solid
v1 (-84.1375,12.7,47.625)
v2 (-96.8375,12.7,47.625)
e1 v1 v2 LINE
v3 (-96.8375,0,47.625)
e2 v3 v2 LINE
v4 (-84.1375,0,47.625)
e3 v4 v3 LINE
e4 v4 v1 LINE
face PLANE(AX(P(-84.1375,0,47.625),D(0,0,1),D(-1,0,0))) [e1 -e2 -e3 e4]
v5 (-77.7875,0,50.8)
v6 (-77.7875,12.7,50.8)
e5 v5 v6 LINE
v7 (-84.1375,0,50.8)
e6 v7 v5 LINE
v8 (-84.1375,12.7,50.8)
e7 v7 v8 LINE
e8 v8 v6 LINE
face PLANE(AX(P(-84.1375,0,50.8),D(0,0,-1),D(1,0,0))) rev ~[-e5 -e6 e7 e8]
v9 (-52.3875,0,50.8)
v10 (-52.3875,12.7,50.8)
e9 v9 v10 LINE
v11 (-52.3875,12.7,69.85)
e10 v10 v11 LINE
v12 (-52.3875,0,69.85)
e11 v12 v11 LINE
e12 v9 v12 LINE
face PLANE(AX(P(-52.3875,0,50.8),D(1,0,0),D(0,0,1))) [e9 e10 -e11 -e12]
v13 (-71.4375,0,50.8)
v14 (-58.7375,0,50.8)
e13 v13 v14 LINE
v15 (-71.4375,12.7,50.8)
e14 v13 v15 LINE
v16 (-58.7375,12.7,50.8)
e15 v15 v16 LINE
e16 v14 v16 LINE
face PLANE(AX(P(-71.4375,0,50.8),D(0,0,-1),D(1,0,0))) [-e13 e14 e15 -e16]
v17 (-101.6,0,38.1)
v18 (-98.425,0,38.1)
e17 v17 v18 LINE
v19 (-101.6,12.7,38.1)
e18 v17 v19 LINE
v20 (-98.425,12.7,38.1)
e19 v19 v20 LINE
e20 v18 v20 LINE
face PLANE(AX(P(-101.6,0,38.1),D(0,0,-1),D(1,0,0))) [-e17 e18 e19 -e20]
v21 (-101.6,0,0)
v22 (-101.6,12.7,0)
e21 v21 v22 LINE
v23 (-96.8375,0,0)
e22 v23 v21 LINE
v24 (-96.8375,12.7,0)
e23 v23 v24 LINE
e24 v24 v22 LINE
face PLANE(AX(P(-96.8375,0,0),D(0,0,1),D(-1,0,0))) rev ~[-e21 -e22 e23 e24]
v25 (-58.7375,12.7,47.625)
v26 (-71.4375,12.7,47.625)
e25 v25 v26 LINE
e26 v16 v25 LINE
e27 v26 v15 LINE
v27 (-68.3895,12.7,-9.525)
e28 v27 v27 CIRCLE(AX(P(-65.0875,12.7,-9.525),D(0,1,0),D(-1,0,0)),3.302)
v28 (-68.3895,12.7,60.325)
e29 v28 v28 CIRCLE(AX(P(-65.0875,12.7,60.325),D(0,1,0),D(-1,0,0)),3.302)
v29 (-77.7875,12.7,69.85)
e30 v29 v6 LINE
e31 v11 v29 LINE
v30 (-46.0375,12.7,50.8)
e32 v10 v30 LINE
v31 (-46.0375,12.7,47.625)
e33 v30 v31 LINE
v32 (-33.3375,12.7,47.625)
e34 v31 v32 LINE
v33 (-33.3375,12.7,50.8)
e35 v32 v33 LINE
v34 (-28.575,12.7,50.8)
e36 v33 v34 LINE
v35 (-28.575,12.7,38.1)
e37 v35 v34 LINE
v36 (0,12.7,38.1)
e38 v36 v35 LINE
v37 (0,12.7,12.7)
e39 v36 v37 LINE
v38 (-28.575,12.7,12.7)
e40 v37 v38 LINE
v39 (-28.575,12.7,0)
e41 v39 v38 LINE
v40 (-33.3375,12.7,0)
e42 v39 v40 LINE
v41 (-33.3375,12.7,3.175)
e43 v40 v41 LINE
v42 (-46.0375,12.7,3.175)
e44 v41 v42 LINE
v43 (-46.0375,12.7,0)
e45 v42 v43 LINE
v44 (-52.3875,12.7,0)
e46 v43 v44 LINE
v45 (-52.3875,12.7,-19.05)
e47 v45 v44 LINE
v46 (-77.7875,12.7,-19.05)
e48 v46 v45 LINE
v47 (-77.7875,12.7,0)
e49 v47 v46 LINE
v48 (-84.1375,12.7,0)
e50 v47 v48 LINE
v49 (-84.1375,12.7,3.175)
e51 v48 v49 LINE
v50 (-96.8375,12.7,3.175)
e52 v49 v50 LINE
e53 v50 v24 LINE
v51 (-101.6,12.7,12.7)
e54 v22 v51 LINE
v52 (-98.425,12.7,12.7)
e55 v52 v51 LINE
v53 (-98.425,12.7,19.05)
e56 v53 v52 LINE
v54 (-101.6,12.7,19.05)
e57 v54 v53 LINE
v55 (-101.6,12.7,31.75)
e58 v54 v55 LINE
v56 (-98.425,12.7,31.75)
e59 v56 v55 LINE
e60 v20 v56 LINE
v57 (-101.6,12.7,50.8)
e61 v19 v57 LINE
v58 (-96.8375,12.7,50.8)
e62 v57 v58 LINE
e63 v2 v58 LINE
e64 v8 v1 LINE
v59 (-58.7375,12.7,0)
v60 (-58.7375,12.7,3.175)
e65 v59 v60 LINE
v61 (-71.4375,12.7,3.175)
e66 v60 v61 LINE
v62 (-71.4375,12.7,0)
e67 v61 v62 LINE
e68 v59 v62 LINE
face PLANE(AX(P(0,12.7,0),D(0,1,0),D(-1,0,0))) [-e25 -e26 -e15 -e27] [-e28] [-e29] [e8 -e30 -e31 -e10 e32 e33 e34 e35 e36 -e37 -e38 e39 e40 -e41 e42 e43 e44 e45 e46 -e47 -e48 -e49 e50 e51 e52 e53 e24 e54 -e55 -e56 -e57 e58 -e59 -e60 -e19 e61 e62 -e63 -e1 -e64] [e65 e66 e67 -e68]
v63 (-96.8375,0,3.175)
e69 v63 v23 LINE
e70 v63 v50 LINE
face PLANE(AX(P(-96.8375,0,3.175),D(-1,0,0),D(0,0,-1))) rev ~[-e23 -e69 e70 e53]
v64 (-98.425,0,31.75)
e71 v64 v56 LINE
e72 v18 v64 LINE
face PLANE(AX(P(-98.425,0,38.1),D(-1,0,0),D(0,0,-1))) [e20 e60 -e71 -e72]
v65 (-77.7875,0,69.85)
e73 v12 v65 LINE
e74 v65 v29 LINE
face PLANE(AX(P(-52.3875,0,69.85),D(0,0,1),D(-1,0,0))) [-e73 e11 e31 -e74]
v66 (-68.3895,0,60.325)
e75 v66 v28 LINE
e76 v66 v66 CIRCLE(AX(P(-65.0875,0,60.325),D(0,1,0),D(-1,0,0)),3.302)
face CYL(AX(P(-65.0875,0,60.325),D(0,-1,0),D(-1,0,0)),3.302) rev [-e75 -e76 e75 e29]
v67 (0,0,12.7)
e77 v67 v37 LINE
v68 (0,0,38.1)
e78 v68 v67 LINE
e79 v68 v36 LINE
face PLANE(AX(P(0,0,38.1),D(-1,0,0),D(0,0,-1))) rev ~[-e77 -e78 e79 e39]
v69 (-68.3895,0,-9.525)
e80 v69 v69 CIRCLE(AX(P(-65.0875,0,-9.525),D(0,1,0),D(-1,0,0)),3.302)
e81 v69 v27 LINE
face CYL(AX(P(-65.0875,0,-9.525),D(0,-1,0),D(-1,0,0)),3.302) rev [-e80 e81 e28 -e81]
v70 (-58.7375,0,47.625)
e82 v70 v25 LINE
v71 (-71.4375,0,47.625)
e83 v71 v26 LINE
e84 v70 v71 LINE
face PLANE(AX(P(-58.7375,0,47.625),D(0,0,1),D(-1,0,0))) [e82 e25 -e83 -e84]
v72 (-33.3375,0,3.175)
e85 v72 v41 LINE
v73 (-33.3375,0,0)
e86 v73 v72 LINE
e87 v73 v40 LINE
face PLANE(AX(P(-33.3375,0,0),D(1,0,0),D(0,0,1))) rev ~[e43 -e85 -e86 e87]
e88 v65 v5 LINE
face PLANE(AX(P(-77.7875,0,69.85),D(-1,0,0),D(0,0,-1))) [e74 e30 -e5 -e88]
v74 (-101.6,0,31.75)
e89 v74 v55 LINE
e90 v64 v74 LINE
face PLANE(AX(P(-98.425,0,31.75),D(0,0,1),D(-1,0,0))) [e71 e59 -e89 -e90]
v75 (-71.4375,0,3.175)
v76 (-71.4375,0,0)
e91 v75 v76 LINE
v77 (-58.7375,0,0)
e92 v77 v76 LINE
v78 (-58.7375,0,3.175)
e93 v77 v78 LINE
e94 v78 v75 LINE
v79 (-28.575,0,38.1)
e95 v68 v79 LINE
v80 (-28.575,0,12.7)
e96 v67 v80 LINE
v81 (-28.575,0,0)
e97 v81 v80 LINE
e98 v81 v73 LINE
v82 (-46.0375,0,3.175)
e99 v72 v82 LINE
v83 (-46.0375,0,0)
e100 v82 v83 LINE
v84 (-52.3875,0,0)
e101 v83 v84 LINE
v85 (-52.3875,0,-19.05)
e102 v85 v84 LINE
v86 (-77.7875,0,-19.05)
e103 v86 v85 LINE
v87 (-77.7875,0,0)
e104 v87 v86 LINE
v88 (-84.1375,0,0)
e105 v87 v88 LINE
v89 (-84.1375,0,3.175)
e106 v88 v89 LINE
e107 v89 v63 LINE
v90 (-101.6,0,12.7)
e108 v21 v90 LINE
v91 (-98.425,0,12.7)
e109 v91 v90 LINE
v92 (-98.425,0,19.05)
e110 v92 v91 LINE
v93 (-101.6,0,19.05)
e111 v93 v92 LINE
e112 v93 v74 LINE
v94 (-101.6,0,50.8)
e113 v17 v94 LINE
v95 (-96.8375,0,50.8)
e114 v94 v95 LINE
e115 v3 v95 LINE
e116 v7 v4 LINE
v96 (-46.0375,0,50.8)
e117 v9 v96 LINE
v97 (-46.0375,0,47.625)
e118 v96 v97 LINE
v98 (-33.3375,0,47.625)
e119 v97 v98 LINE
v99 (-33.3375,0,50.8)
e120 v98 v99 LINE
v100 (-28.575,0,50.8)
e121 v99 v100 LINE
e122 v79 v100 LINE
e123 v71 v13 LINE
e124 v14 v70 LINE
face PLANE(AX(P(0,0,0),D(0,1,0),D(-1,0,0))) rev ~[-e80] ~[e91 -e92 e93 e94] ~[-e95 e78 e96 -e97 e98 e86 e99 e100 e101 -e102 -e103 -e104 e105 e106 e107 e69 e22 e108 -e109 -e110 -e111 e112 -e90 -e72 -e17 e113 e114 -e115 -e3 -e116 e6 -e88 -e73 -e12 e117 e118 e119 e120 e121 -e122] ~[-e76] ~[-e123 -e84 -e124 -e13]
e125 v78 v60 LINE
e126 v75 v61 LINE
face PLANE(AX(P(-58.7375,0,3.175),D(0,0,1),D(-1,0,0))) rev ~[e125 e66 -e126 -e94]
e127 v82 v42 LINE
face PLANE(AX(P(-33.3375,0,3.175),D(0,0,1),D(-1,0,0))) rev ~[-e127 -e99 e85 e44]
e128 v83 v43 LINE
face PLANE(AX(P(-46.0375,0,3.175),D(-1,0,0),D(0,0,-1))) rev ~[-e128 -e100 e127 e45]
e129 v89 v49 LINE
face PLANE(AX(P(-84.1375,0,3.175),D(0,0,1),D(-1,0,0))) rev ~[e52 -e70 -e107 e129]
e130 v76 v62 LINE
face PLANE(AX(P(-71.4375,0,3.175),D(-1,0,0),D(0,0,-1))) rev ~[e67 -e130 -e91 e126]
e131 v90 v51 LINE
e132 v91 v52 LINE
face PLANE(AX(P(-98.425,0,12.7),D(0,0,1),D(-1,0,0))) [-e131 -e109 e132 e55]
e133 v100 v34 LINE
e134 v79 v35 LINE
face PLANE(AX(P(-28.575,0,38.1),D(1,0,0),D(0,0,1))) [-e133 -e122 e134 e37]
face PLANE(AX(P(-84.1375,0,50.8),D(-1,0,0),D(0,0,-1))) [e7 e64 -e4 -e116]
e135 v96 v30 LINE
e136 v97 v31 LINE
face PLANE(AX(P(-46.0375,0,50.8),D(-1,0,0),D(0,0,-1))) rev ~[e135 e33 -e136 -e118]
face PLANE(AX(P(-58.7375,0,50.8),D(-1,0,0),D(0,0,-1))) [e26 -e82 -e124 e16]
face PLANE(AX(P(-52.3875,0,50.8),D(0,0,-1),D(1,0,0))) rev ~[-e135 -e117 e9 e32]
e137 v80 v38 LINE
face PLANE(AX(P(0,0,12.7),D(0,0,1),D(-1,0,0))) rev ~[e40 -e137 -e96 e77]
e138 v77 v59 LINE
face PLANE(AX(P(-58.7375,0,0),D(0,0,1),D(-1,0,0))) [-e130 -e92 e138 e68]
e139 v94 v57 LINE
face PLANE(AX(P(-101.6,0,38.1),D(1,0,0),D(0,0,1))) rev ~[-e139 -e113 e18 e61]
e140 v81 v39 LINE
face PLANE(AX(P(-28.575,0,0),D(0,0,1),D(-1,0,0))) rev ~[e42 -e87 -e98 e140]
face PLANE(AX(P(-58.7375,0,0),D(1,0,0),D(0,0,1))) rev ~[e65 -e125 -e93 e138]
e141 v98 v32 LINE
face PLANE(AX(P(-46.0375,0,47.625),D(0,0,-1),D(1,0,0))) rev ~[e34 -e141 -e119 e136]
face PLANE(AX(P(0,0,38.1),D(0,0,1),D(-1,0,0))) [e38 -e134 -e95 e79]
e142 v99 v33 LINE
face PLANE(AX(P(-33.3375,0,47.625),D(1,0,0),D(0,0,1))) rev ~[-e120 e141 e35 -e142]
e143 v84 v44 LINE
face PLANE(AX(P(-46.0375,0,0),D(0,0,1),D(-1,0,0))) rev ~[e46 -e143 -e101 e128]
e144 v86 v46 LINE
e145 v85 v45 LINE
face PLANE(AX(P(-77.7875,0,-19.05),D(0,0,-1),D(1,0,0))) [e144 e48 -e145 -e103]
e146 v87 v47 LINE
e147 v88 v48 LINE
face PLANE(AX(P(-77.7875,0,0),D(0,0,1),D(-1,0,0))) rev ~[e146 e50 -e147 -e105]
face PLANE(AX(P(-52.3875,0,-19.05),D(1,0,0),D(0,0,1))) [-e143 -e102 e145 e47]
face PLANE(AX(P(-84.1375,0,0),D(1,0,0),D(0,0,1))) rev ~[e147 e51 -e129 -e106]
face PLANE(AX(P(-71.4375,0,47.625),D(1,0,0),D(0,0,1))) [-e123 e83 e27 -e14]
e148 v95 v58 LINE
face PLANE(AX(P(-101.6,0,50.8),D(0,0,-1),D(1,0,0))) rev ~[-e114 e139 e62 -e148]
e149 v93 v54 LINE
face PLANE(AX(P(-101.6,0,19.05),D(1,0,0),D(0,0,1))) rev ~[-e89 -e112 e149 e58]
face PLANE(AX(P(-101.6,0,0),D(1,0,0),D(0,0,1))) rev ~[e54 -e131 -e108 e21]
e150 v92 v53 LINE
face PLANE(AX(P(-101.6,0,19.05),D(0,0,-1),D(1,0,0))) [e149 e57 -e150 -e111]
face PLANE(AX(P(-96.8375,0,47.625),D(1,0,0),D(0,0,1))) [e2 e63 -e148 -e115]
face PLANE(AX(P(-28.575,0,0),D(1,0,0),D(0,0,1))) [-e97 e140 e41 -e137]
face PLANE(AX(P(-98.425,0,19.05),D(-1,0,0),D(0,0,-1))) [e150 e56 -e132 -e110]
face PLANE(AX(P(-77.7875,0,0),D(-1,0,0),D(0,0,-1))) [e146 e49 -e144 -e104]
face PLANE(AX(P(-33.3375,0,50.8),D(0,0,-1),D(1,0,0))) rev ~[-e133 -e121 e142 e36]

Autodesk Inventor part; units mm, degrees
ref_plane "YZ Plane" through (0, 0, 0) normal (1, 0, 0) x (0, 1, 0)
ref_plane "XZ Plane" through (0, 0, 0) normal (0, 1, 0) x (-1, 0, 0)
ref_plane "XY Plane" through (0, 0, 0) normal (0, 0, 1) x (1, 0, 0)
sketch "Sketch1" plane through (0, 0, 0) normal (0, 1, 0) x (-1, 0, 0)
  line L0 (0, 0) -> (101.6, 0)
  line L1 (101.6, 0) -> (101.6, 50.8)
  line L2 (101.6, 50.8) -> (0, 50.8)
  line L3 (0, 50.8) -> (0, 0)
  line L4 (101.6, 0) -> (28.575, 0)
  line L5 (28.575, 0) -> (28.575, 50.8)
  line L6 (28.575, 50.8) -> (101.6, 50.8)
  line L7 (101.6, 50.8) -> (101.6, 0)
  line L8 (28.575, 0) -> (0, 0)
  line L9 (0, 0) -> (0, 12.7)
  line L10 (0, 12.7) -> (28.575, 12.7)
  line L11 (28.575, 12.7) -> (28.575, 0)
  line L12 (28.575, 50.8) -> (0, 50.8)
  line L13 (0, 50.8) -> (0, 38.1)
  line L14 (0, 38.1) -> (28.575, 38.1)
  line L15 (28.575, 38.1) -> (28.575, 50.8)
  line L16 (96.8375, 0) -> (84.1375, 0)
  line L17 (84.1375, 0) -> (84.1375, 3.175)
  line L18 (84.1375, 3.175) -> (96.8375, 3.175)
  line L19 (96.8375, 3.175) -> (96.8375, 0)
  line L20 (71.4375, 0) -> (58.7375, 0)
  line L21 (58.7375, 0) -> (58.7375, 3.175)
  line L22 (58.7375, 3.175) -> (71.4375, 3.175)
  line L23 (71.4375, 3.175) -> (71.4375, 0)
  line L24 (46.0375, 0) -> (33.3375, 0)
  line L25 (33.3375, 0) -> (33.3375, 3.175)
  line L26 (33.3375, 3.175) -> (46.0375, 3.175)
  line L27 (46.0375, 3.175) -> (46.0375, 0)
  line L28 (96.8375, 50.8) -> (84.1375, 50.8)
  line L29 (84.1375, 50.8) -> (84.1375, 47.625)
  line L30 (84.1375, 47.625) -> (96.8375, 47.625)
  line L31 (96.8375, 47.625) -> (96.8375, 50.8)
  line L32 (71.4375, 50.8) -> (58.7375, 50.8)
  line L33 (58.7375, 50.8) -> (58.7375, 47.625)
  line L34 (58.7375, 47.625) -> (71.4375, 47.625)
  line L35 (71.4375, 47.625) -> (71.4375, 50.8)
  line L36 (101.6, 38.1) -> (98.425, 38.1)
  line L37 (98.425, 38.1) -> (98.425, 31.75)
  line L38 (98.425, 31.75) -> (101.6, 31.75)
  line L39 (101.6, 31.75) -> (101.6, 38.1)
  line L40 (101.6, 19.05) -> (98.425, 19.05)
  line L41 (98.425, 19.05) -> (98.425, 12.7)
  line L42 (98.425, 12.7) -> (101.6, 12.7)
  line L43 (101.6, 12.7) -> (101.6, 19.05)
  line L44 (46.0375, 50.8) -> (46.0375, 47.625)
  line L45 (46.0375, 47.625) -> (33.3375, 47.625)
  line L46 (33.3375, 47.625) -> (33.3375, 50.8)
  line L47 (33.3375, 50.8) -> (46.0375, 50.8)
  line L48 (52.3875, 0) -> (77.7875, 0)
  line L49 (77.7875, 0) -> (77.7875, -19.05)
  line L50 (77.7875, -19.05) -> (52.3875, -19.05)
  line L51 (52.3875, -19.05) -> (52.3875, 0)
  line L52 (52.3875, 50.8) -> (52.3875, 69.85)
  line L53 (52.3875, 69.85) -> (77.7875, 69.85)
  line L54 (77.7875, 69.85) -> (77.7875, 50.8)
  line L55 (77.7875, 50.8) -> (52.3875, 50.8)
  circle A0 centre (65.0875, -9.525) radius 3.302
  circle A1 centre (65.0875, 60.325) radius 3.302
  point P0 (96.8375, 0)
  point P1 (96.8375, 50.8)
  point P2 (84.1375, 50.8)
  point P3 (71.4375, 50.8)
  point P4 (58.7375, 50.8)
  point P5 (46.0375, 50.8)
  point P6 (33.3375, 50.8)
  point P7 (33.3375, 0)
  point P8 (46.0375, 0)
  point P9 (58.7375, 0)
  point P10 (71.4375, 0)
  point P11 (84.1375, 0)
  dimension "d56" = 101.6
  dimension "d57" = 50.8
  dimension "d58" = 73.025
  dimension "d59" = 50.8
  dimension "d60" = 12.7
  dimension "d61" = 12.7
  dimension "d62" = 12.7
  dimension "d63" = 3.175
  dimension "d64" = 12.7
  dimension "d65" = 3.175
  dimension "d66" = 12.7
  dimension "d67" = 4.7625
  dimension "d68" = 12.7
  dimension "d69" = 3.175
  dimension "d70" = 12.7
  dimension "d71" = 12.7
  dimension "d72" = 3.175
  dimension "d73" = 12.7
  dimension "d74" = 3.175
  dimension "d77" = 4.7625
  dimension "d78" = 12.7
  dimension "d79" = 3.175
  dimension "d80" = 6.35
  dimension "d81" = 12.7
  dimension "d82" = 3.175
  dimension "d83" = 6.35
  dimension "d84" = 12.7
  dimension "d86" = 44.45
  dimension "d89" = 3.175
  dimension "d90" = 12.7
  dimension "d91" = 12.7
  dimension "d94" = 25.4
  dimension "d96" = 23.8125
  dimension "d97" = 23.8125
  dimension "d99" = 25.4
  dimension "d116" = 6.604
  dimension "d117" = 9.525
  dimension "d118" = 6.604
  dimension "d119" = 9.525
  dimension "d122" = 9.525
  dimension "d123" = 9.525
extrude "Extrusion4" add sketch "Sketch1" along normal blind 12.7 contours L5 L2 L46 L45 L44 L33 L34 L35 L29 L30 L31 L1 L36 L37 L38 L40 L41 L42 L0 L19 L18 L17 L23 L22 L21 L27 L26 L25 | L3 L14 L5 L10 | L0 L49 L50 L51 | L52 L53 L54 L2
equation "\"d124\" = d78"
equation "\"BendRadius\" = Thickness"
equation "\"BendReliefWidth\" = Thickness"
equation "\"BendReliefDepth\" = 0.5 * Thickness"
equation "\"CornerReliefSize\" = 4 * Thickness"
equation "\"MinimumRemnant\" = 2 * Thickness"
equation "\"TransitionRadius\" = BendRadius"
equation "\"JacobiRadiusSize\" = BendRadius"
equation "\"GapSize\" = Thickness"
equation "\"Thickness\" = 3.048"
properties part number "Burrow_Base_Detachable_EXT"
